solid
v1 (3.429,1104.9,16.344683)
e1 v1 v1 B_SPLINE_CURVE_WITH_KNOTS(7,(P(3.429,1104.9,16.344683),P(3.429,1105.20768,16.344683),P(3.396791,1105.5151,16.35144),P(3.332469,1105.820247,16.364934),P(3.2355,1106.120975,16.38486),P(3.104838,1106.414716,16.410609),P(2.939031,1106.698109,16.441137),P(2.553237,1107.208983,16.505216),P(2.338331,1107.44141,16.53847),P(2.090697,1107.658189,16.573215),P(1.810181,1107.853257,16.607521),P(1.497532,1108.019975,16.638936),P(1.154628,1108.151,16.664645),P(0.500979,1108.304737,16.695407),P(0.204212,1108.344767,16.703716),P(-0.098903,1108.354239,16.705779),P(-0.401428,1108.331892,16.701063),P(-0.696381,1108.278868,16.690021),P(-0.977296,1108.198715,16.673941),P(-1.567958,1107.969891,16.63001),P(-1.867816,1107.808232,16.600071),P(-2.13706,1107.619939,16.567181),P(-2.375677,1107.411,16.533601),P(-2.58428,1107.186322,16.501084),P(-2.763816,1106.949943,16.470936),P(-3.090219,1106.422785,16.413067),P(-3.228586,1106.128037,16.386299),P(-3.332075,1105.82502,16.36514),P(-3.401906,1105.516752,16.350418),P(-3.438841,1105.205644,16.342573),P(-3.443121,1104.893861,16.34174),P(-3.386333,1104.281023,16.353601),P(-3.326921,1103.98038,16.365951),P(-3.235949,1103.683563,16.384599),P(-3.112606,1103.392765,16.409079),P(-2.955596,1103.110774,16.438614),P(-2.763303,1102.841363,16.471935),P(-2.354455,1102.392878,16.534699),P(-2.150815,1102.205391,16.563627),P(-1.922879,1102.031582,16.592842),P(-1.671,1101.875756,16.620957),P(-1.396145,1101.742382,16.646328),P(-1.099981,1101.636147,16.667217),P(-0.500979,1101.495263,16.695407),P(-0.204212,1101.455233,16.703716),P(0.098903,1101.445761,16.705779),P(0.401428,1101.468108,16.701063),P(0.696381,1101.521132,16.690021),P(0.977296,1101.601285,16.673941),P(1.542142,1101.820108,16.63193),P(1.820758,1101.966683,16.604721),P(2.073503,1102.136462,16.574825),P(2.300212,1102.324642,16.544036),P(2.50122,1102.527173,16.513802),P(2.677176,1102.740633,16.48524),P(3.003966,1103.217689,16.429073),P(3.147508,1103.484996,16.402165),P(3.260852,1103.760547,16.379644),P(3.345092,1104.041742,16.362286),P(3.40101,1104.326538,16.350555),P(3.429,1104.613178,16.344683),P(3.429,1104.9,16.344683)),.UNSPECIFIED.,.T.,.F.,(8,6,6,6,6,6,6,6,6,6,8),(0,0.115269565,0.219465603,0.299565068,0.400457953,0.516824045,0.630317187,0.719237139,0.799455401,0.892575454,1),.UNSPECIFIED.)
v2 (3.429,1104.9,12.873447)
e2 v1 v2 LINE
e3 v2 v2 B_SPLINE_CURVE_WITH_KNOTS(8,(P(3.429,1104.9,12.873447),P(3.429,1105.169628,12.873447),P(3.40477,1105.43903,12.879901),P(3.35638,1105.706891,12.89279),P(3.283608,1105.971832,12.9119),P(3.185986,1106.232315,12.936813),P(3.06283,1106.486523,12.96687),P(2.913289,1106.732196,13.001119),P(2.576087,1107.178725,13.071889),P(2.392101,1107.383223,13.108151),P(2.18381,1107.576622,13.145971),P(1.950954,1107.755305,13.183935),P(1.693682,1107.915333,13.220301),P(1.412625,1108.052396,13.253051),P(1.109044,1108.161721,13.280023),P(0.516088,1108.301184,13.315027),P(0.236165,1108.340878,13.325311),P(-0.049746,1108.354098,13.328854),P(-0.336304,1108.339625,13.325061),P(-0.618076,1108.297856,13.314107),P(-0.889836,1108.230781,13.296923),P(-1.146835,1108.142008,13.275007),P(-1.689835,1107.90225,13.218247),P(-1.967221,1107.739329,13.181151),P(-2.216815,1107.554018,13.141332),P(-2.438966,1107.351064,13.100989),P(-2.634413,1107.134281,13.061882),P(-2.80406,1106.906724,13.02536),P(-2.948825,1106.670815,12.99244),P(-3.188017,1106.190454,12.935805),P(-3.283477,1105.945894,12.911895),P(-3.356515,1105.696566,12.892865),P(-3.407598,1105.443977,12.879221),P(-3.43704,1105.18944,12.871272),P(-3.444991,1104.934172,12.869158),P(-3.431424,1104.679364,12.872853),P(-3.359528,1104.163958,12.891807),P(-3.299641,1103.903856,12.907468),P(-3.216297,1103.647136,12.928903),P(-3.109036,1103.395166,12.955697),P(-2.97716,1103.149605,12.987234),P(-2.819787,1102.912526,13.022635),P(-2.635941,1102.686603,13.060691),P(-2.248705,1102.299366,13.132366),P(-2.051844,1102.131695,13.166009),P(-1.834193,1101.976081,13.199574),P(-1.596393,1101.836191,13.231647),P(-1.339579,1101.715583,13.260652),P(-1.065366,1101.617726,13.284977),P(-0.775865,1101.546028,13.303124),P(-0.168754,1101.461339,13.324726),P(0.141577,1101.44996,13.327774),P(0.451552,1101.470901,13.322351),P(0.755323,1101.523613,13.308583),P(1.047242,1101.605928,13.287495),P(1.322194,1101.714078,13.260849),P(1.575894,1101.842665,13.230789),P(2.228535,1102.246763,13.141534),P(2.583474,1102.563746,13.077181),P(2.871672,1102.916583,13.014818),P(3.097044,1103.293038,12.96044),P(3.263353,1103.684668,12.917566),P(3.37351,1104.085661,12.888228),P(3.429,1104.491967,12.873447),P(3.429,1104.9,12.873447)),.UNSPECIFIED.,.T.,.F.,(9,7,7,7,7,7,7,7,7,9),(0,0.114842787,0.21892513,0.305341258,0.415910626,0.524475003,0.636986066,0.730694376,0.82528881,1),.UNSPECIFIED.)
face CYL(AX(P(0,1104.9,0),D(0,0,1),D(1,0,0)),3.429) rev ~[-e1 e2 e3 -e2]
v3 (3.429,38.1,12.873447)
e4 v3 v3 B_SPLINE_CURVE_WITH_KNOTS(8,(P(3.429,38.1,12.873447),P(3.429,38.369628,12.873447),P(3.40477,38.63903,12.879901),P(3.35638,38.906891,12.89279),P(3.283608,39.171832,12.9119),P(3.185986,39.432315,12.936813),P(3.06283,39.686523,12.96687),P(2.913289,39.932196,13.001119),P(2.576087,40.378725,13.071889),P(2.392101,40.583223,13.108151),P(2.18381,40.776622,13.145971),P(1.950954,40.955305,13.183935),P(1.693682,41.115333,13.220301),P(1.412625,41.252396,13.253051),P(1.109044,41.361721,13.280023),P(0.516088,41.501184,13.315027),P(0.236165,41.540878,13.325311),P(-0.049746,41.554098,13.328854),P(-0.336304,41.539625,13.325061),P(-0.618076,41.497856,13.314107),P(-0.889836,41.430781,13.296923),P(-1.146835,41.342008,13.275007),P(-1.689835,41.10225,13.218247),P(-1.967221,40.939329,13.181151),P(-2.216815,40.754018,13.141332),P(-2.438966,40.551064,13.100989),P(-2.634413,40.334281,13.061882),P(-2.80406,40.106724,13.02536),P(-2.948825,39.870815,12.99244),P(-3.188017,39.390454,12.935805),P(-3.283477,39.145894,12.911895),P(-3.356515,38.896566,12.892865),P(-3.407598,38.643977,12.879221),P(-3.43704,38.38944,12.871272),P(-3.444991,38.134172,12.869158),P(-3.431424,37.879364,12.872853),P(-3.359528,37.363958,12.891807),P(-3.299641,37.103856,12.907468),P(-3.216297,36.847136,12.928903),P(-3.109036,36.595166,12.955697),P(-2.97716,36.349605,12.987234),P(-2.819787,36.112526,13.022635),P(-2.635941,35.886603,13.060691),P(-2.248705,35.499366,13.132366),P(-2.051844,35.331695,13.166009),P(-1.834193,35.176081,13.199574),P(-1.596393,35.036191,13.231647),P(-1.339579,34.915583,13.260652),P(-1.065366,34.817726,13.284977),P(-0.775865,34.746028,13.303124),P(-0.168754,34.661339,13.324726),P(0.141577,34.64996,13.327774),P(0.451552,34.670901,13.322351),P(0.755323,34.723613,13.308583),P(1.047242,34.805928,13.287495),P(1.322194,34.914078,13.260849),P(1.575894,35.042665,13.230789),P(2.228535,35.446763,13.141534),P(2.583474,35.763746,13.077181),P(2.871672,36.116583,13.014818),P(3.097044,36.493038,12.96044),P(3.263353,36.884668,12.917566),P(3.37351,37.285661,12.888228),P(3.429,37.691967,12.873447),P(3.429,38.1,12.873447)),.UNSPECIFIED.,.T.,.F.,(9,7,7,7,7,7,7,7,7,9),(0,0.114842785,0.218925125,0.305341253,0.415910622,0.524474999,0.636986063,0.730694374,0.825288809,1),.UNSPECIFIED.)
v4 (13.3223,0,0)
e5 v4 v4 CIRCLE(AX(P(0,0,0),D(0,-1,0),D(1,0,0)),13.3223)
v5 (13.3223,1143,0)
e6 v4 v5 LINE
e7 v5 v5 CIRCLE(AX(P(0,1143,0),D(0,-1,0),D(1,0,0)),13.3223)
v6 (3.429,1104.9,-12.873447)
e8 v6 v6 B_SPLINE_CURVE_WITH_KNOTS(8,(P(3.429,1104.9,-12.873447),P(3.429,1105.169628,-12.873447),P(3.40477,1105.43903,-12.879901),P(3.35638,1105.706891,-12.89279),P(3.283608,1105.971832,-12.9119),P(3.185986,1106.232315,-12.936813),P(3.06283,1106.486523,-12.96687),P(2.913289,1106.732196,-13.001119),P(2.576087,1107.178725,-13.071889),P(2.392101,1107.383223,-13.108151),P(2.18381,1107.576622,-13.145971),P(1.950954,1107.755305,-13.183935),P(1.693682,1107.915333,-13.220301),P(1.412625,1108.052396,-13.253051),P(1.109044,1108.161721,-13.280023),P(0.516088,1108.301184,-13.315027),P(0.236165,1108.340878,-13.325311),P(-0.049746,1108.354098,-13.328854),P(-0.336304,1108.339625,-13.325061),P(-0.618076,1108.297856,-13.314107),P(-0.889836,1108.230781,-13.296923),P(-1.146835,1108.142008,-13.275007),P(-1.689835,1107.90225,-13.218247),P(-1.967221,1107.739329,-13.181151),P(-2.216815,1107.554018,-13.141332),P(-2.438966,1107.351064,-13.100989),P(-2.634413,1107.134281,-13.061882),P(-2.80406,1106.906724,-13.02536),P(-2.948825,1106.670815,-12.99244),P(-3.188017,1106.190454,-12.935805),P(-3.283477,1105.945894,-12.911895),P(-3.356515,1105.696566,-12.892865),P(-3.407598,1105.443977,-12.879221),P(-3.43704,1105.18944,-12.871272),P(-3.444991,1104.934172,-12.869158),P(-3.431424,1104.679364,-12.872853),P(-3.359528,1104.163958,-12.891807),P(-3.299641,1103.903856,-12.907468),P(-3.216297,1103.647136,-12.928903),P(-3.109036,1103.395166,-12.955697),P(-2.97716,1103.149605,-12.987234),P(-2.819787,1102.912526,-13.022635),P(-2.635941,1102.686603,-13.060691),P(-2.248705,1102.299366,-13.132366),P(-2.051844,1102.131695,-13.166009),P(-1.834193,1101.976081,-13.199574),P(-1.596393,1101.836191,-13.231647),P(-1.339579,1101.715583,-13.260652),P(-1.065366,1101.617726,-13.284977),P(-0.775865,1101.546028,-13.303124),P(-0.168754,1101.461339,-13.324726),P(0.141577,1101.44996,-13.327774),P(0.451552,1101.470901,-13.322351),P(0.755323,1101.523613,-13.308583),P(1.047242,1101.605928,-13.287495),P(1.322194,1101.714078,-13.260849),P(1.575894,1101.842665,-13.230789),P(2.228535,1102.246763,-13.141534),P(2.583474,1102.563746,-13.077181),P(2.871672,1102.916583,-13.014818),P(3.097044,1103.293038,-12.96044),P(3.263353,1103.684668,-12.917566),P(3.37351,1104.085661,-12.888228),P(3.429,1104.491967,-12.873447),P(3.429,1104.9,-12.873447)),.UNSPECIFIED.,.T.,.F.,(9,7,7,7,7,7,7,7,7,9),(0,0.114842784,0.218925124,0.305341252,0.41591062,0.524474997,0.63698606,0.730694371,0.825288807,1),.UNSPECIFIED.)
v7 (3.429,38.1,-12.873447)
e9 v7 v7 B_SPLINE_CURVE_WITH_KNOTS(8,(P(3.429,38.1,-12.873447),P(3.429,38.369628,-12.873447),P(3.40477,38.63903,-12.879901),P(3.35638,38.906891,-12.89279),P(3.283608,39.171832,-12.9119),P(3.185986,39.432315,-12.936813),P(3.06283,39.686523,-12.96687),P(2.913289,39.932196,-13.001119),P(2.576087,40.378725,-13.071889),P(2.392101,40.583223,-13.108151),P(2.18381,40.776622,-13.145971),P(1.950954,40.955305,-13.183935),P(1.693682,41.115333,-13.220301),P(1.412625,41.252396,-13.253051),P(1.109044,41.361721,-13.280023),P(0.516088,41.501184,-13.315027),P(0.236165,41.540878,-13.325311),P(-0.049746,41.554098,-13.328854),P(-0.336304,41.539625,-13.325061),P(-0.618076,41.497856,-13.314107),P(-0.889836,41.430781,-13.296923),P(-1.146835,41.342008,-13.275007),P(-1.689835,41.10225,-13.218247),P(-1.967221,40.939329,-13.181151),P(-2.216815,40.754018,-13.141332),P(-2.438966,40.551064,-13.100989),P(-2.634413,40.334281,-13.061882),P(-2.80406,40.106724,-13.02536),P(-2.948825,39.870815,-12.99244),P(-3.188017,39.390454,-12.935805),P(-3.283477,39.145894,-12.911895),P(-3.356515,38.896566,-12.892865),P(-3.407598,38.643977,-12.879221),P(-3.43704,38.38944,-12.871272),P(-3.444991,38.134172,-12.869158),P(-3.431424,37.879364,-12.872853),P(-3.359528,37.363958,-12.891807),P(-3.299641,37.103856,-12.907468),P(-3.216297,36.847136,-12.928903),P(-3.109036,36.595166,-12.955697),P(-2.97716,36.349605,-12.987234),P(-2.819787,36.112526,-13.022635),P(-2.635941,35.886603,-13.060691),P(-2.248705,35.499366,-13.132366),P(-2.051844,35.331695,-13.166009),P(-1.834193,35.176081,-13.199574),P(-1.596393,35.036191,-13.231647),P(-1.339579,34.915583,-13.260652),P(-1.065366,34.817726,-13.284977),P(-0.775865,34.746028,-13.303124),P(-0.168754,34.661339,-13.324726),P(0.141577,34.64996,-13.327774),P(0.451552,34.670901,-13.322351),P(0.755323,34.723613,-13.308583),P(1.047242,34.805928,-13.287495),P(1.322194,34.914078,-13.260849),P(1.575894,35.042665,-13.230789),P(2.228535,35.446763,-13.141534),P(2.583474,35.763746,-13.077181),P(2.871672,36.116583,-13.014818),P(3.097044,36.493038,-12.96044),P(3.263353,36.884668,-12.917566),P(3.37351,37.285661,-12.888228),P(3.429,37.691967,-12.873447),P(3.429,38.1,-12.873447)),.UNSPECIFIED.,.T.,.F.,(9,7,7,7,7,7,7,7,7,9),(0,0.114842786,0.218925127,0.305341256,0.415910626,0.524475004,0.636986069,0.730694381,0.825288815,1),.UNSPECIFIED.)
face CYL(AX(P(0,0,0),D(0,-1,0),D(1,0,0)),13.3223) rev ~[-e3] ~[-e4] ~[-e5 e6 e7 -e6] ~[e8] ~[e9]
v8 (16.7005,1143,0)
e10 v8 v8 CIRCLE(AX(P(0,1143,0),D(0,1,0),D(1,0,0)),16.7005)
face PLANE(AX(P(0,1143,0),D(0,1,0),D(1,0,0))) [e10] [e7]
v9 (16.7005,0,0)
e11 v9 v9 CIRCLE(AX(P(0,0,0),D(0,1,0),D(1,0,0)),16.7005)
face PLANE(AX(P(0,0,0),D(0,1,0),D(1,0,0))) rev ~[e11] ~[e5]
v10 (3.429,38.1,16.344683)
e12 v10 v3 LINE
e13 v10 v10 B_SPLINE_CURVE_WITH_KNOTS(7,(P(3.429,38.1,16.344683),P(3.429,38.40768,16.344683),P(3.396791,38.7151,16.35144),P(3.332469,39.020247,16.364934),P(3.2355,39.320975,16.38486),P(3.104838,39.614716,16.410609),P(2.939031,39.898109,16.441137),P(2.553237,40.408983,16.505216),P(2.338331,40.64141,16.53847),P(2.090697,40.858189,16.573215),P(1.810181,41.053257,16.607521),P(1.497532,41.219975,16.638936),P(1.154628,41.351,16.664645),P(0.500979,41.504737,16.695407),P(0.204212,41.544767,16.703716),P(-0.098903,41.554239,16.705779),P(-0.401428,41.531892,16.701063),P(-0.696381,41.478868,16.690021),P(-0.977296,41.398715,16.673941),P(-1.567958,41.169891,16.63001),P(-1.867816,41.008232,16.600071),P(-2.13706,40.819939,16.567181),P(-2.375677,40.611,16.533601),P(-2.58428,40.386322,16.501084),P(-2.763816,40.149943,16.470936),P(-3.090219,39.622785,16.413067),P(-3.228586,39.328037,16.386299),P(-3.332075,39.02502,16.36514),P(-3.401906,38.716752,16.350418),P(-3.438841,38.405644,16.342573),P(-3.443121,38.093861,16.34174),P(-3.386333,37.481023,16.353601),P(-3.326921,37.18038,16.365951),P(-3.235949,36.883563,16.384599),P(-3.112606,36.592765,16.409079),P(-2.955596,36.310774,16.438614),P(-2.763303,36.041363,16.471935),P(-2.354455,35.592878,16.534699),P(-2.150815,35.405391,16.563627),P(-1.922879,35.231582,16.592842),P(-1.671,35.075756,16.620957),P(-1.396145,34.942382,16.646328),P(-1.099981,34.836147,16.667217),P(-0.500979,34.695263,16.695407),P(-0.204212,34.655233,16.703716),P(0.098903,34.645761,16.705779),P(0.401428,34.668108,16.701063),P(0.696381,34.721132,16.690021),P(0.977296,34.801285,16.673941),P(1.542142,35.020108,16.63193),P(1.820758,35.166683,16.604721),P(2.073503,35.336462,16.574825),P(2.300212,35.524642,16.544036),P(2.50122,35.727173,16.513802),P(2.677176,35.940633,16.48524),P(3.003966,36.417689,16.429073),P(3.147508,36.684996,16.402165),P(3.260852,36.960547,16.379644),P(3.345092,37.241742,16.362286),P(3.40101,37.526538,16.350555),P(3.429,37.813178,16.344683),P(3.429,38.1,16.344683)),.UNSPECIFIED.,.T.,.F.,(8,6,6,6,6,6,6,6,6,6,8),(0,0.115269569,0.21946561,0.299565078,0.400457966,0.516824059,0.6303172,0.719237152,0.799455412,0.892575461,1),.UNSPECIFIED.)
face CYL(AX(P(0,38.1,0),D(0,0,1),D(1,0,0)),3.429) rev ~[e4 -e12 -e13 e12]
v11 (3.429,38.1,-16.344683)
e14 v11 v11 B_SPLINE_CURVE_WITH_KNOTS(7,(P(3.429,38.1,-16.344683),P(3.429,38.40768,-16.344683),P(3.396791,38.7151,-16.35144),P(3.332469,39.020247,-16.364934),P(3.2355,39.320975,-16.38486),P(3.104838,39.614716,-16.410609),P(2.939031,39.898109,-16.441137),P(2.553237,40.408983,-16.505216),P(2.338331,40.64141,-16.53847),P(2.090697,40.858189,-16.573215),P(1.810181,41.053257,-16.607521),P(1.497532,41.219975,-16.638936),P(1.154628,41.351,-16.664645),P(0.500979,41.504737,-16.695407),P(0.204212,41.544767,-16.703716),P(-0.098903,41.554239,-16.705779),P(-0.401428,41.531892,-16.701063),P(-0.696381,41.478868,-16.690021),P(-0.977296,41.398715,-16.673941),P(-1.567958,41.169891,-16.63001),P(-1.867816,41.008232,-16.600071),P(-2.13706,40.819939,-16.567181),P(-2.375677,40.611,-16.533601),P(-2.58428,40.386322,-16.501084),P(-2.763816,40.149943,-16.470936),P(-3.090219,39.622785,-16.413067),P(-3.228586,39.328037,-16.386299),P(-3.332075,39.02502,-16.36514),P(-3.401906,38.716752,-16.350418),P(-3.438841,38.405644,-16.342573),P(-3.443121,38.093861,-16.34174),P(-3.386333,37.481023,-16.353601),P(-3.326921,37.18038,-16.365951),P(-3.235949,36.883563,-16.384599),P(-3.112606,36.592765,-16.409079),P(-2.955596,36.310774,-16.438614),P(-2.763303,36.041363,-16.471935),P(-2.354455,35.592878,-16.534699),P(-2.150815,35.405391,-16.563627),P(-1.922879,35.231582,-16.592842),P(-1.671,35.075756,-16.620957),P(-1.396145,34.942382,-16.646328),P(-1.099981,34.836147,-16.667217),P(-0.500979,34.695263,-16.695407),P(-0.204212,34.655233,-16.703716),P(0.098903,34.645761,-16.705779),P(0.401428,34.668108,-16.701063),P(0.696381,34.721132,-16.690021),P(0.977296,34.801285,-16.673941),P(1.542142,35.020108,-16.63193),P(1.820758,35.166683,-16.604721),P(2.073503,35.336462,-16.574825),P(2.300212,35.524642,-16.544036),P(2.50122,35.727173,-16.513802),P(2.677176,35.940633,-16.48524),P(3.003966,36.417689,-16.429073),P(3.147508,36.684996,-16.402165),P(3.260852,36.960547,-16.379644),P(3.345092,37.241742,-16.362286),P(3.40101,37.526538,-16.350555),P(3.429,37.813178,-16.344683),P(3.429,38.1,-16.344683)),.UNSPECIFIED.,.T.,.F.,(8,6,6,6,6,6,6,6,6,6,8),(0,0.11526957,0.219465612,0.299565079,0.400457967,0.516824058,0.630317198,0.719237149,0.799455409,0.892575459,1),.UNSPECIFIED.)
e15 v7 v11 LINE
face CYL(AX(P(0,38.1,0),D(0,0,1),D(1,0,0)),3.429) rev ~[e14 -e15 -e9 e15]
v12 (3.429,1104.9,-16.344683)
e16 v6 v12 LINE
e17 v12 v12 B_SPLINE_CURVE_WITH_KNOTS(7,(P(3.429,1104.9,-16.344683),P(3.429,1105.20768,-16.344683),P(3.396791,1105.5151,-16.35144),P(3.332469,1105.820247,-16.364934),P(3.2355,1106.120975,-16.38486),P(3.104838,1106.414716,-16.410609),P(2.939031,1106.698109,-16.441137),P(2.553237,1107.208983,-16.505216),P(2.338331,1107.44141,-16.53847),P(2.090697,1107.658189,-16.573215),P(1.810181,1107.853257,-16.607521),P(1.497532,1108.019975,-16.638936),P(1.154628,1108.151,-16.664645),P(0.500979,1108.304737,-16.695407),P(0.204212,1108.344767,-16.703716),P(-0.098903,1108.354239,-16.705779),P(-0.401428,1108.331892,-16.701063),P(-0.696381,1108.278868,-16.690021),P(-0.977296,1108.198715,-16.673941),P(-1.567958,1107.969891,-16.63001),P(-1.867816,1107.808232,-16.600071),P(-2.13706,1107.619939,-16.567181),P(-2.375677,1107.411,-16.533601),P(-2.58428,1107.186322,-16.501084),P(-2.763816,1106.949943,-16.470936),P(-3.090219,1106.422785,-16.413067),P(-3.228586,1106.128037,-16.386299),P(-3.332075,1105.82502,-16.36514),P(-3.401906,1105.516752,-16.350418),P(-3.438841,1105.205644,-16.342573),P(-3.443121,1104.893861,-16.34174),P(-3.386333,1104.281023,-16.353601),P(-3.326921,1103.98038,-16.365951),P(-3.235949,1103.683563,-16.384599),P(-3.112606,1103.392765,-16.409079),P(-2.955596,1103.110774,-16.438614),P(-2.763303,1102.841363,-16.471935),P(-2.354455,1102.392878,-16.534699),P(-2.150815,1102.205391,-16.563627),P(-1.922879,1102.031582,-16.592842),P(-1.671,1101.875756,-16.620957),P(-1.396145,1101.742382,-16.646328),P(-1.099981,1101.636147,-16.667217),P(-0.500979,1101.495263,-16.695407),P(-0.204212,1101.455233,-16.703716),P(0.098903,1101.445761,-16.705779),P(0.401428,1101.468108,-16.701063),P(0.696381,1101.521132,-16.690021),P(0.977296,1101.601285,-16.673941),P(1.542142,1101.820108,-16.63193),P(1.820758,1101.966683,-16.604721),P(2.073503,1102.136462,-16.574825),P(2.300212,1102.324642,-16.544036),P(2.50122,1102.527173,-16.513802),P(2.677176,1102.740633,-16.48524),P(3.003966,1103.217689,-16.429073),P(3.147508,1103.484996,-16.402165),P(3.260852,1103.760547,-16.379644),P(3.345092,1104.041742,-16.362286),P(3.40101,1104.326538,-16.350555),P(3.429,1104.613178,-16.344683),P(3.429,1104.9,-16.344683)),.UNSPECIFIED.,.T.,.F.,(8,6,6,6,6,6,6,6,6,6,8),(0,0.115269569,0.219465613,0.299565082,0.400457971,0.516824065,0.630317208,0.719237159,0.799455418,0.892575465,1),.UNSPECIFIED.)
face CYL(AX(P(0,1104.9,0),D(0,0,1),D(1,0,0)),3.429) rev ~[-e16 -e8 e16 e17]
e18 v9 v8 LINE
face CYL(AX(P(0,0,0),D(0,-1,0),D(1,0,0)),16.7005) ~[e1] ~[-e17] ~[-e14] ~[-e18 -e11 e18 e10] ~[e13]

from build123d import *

# Parameters (mm, degrees)
SKETCH1_R               = 16.7005
BOSS_EXTRUDE1_DEPTH     = 1143
CUT_EXTRUDE1_DEPTH      = 25.4
CUT_EXTRUDE1_DEPTH_BACK = 25.4
SKETCH2_R               = 3.429
SKETCH3_R               = 13.3223
CUT_EXTRUDE2_DEPTH      = 1144.243986923


with BuildPart() as part:
    # Sketch1 → Boss-Extrude1 (new body)
    with BuildSketch(Plane(origin=(0, 0, 0), x_dir=(1, 0, 0), z_dir=(0, 1, 0))):
        Circle(SKETCH1_R)
    extrude(amount=BOSS_EXTRUDE1_DEPTH)

    # Sketch2 → Cut-Extrude1 (cut, two sides: drawn at the far end of the back side and taken through both)
    with BuildSketch(Plane.XY.offset(-CUT_EXTRUDE1_DEPTH_BACK)):
        with Locations((0, 38.1)):
            Circle(SKETCH2_R)
        with Locations((0, 1104.9)):
            Circle(SKETCH2_R)
    extrude(amount=CUT_EXTRUDE1_DEPTH + CUT_EXTRUDE1_DEPTH_BACK, mode=Mode.SUBTRACT)

    # Sketch3 → Cut-Extrude2 (cut, through all)
    with BuildSketch(Plane.XZ):
        Circle(SKETCH3_R)
    extrude(amount=-CUT_EXTRUDE2_DEPTH, mode=Mode.SUBTRACT)


solid = part.part
